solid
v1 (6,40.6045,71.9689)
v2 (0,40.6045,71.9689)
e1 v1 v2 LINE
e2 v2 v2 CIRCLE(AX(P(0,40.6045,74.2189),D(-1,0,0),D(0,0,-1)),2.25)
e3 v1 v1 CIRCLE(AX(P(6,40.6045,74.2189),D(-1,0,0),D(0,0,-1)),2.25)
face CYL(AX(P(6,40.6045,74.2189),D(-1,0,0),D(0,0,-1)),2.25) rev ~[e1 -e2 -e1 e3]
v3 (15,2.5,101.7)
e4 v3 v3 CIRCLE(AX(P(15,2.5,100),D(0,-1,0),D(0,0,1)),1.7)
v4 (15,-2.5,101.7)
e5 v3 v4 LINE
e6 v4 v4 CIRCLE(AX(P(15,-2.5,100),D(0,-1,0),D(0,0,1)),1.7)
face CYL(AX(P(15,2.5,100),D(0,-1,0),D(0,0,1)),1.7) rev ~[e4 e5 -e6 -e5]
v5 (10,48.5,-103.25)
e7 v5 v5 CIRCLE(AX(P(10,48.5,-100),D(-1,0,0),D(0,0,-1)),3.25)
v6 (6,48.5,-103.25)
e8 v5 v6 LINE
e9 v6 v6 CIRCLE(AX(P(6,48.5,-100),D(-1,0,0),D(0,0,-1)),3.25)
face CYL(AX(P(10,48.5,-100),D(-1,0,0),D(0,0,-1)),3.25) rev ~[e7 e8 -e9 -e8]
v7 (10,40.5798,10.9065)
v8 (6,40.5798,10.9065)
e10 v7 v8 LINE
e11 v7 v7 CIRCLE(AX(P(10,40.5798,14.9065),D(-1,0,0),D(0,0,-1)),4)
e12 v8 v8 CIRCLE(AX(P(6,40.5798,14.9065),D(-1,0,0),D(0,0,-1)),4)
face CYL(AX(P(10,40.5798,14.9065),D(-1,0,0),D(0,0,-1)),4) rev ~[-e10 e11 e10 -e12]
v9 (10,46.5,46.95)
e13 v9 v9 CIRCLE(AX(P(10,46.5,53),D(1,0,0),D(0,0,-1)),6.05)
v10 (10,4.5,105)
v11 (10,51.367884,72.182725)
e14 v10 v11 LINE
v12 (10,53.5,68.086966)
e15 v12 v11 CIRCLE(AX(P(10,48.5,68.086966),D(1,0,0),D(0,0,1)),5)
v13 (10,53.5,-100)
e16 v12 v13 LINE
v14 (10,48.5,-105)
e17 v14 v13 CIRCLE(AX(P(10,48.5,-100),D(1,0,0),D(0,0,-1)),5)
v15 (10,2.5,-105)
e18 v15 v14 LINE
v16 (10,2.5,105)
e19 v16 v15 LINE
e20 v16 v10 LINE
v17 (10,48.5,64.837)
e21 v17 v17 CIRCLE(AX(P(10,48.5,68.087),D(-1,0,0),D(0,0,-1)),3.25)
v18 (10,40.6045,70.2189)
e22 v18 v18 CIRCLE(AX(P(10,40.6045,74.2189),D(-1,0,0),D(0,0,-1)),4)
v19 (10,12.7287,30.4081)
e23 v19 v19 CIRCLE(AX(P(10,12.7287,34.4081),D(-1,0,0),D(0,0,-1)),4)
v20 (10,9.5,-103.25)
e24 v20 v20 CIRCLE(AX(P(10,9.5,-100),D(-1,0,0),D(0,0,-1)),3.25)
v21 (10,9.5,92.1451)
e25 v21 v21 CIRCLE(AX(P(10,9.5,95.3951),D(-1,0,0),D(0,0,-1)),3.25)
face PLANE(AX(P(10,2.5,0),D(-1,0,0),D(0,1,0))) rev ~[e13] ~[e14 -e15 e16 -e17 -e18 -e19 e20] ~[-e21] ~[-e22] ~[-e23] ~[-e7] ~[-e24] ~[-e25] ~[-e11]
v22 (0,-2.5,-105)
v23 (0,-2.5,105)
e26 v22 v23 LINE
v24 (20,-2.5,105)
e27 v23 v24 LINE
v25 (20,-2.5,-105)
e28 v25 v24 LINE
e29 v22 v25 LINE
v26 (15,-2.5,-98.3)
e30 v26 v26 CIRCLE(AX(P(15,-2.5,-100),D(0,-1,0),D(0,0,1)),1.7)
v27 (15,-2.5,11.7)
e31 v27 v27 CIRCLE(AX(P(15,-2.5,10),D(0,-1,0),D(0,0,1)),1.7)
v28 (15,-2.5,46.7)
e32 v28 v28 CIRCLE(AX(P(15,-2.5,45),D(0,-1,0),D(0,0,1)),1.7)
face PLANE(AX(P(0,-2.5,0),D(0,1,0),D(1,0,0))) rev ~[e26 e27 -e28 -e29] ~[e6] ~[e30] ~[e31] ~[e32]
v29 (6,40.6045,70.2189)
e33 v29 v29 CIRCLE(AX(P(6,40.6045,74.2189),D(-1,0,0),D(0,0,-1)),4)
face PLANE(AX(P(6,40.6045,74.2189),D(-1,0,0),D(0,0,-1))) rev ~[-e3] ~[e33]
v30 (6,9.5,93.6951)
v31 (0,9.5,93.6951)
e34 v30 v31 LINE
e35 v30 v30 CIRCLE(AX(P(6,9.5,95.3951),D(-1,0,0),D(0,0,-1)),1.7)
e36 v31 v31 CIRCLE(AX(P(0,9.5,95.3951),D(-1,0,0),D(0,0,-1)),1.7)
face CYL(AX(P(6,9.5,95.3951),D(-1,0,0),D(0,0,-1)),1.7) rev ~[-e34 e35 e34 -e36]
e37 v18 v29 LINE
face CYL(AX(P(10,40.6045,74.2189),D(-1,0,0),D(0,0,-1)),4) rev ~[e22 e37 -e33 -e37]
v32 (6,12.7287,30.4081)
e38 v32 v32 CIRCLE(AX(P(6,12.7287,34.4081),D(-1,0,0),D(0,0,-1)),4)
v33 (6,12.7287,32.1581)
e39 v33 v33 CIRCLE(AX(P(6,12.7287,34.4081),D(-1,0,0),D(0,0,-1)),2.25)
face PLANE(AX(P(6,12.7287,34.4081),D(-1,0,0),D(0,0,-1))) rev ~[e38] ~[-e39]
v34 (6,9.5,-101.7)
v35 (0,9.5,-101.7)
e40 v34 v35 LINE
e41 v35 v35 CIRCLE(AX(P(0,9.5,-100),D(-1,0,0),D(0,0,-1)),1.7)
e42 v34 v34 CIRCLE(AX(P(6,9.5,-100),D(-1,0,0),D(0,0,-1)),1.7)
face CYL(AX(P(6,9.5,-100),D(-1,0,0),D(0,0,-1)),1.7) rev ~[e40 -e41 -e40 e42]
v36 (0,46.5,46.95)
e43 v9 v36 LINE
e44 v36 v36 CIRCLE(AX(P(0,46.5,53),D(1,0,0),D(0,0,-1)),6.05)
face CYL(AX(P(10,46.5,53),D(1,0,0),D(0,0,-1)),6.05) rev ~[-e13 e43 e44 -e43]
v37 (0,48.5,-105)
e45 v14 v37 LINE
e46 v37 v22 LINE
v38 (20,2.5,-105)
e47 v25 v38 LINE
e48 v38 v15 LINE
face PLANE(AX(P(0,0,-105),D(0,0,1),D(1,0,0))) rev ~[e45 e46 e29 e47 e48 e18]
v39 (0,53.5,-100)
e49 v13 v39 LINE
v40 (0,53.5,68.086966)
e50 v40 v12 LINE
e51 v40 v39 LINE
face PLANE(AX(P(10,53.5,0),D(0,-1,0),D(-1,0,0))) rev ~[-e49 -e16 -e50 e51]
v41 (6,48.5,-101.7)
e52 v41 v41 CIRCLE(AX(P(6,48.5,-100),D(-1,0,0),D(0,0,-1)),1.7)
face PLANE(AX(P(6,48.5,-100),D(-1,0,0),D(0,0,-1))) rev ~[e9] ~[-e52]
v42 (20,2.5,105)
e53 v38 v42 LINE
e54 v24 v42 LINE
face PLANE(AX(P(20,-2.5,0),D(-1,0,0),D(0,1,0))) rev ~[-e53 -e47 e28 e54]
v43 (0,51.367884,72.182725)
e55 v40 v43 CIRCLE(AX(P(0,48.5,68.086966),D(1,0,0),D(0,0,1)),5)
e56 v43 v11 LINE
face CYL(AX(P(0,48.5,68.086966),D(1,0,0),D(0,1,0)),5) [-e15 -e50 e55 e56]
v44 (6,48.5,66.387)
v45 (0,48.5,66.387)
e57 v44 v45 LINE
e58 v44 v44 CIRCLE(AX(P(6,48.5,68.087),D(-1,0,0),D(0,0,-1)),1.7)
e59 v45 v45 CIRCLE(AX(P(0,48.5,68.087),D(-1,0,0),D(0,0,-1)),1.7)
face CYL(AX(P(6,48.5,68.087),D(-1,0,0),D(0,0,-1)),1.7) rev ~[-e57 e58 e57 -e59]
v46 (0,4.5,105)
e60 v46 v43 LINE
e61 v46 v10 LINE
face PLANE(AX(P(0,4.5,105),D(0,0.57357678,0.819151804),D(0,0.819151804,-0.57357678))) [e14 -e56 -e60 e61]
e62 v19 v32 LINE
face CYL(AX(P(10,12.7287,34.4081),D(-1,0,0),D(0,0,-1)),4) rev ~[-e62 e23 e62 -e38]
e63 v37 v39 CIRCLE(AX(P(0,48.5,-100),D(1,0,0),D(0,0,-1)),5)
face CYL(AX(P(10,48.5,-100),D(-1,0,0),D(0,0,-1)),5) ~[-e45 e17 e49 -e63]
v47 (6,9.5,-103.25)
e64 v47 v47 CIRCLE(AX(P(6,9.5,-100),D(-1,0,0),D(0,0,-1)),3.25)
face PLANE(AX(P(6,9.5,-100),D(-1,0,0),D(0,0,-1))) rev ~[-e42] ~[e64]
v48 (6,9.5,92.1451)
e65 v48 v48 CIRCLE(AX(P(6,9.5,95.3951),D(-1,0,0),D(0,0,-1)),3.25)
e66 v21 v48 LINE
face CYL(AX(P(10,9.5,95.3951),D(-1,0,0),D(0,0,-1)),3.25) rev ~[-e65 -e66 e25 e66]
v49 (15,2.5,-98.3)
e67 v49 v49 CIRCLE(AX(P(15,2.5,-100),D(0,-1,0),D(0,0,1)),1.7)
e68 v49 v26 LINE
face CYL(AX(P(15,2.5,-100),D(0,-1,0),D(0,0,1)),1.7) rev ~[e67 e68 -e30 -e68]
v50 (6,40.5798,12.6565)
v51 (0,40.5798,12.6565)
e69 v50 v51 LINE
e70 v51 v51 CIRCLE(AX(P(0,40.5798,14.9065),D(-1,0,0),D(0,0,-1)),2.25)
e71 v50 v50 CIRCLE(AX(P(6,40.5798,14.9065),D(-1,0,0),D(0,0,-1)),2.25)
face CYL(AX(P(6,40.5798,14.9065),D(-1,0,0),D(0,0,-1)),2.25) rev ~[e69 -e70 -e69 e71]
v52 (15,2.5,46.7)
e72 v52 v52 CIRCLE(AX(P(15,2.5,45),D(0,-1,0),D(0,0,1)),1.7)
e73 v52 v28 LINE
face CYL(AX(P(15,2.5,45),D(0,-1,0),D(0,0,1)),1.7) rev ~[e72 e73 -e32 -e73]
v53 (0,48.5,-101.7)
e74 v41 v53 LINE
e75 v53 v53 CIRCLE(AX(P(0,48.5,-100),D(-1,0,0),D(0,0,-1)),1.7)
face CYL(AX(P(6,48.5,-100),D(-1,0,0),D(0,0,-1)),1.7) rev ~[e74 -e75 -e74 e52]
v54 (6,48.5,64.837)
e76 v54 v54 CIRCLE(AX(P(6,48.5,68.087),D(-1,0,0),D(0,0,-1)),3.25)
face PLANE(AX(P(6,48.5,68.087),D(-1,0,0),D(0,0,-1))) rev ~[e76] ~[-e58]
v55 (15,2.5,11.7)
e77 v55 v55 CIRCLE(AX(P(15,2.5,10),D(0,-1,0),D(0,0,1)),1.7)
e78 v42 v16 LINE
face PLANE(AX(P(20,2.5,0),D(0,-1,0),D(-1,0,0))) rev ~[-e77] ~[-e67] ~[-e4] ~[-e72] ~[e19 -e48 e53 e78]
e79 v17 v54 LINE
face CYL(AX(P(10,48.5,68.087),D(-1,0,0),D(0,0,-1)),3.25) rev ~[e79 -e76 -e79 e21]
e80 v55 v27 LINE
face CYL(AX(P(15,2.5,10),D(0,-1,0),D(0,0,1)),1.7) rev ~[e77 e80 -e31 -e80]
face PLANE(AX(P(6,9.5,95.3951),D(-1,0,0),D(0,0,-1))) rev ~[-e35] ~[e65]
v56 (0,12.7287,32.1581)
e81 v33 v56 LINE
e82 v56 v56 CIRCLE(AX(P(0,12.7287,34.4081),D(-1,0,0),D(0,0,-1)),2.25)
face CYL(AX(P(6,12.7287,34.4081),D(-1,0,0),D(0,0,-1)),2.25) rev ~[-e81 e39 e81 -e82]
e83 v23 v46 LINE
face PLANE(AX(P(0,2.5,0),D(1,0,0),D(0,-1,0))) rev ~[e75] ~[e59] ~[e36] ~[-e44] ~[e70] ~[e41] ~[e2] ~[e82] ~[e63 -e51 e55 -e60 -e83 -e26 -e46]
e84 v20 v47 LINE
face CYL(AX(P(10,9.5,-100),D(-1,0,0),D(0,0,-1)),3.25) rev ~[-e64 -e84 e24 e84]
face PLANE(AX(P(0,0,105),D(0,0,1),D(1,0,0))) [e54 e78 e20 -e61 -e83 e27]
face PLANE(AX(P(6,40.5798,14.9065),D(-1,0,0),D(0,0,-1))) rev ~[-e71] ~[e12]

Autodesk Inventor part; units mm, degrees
ref_plane "YZ Plane" through (0, 0, 0) normal (1, 0, 0) x (0, 1, 0)
ref_plane "XZ Plane" through (0, 0, 0) normal (0, 1, 0) x (-1, 0, 0)
ref_plane "XY Plane" through (0, 0, 0) normal (0, 0, 1) x (1, 0, 0)
sketch "スケッチ1" plane through (0, 0, 0) normal (0, 0, 1) x (1, 0, 0)
  line L0 (-20, -2.5) -> (20, -2.5)
  line L1 (20, -2.5) -> (20, 2.5)
  line L2 (-20, 2.5) -> (-20, -2.5)
  line L3 (-20, -2.5) -> (20, 2.5) construction
  line L4 (20, -2.5) -> (-20, 2.5) construction
  line L5 (-10, 2.5) -> (10, 2.5)
  line L6 (10, 2.5) -> (10, 53.5)
  line L7 (10, 53.5) -> (-10, 53.5)
  line L8 (-10, 53.5) -> (-10, 2.5)
  line L9 (-10, 2.5) -> (10, 53.5) construction
  line L10 (10, 2.5) -> (-10, 53.5) construction
  line L11 (20, 2.5) -> (10, 2.5)
  line L12 (-10, 2.5) -> (-20, 2.5)
  line L13 (0, 53.5) -> (0, -2.5)
  point P0 (0, 0)
  point P1 (0, 28)
  point P2 (0, 28)
  point P3 (0, 0)
  dimension "d0" = 20
  dimension "d1" = 51
  dimension "d2" = 5
  dimension "d3" = 10
extrude "押し出し1" add sketch "スケッチ1" along normal mid plane 210 contours L13 L5 L11 L1 L0 | L13 L7 L6 L5
sketch "スケッチ4" plane through (0, -2.5, 105) normal (-1, 0, 0) x (0, 0, 1)
  line L0 (0, 7) -> (-34.3102, 56)
  line L1 (-210, 56) -> (0, 56) projected
  line L2 (0, 56) -> (0, 0) projected
  line L3 (0, 5) -> (-210, 5) projected
  point P0 (-105, 2.5)
  dimension "d18" = 35
  dimension "d21" = 2
extrude "押し出し3" cut sketch "スケッチ4" against normal through all
sketch "スケッチ5" plane through (10, 2.5, -105) normal (1, 0, 0) x (0, 0, -1)
  circle A0 centre (-158, 44) radius 6.05
  line L0 (0, 0) -> (-210, 0) projected
  line L1 (-210, 0) -> (-210, 2) projected
  point P0 (-105, -2.5)
  dimension "d22" = 12.1
  dimension "d23" = 44
  dimension "d37" = 52
extrude "押し出し4" cut sketch "スケッチ5" against normal blind 10
sketch "スケッチ6" plane through (10, 2.5, 105) normal (0, 1, 0) x (1, 0, 0)
  line L0 (10, 210) -> (10, 0) projected
  line L1 (10, 0) -> (0, 0) projected
  line L2 (0, 210) -> (10, 210) projected
  point P0 (-10, 105)
  point P1 (5, 205)
  point P2 (5, 5)
  point P3 (5, 60)
  point P4 (5, 95)
  dimension "d27" = 5
  dimension "d28" = 5
  dimension "d29" = 5
  dimension "d50" = 35
  dimension "d51" = 55
hole "穴2" at (15, 2.5, -100) at (15, 2.5, 100) at (15, 2.5, 45) at (15, 2.5, 10) direction (0, -1, 0) diameter 3.4 end through all clearance for "Socket Head Cap Screw" size "M3" standard "Ansi Metric M Profile"
sketch "スケッチ9" plane through (10, -2.5, -105) normal (-1, 0, 0) x (0, 0, 1)
  circle A0 centre (158, 49) radius 6.05 projected
  line L0 (139.4081, 15.2287) -> (179.2189, 43.1045)
  line L1 (179.2189, 43.1045) -> (159.7173, 70.9557)
  line L2 (159.7173, 70.9557) -> (119.9065, 43.0798)
  line L3 (119.9065, 43.0798) -> (139.4081, 15.2287)
  line L4 (139.4081, 15.2287) -> (159.7173, 70.9557) construction
  line L5 (179.2189, 43.1045) -> (119.9065, 43.0798) construction
  line L6 (210, 7) -> (175.6898, 56) projected
  line L7 (158, 49) -> (149.5627, 43.0922) construction
  point P0 (157.2238, 55)
  point P1 (158.7762, 55)
  dimension "d123" = 48.6
  dimension "d124" = 34
  dimension "d125" = 14
hole "穴6" at (10, 40.5798, 14.9065) at (10, 12.7287, 34.4081) at (10, 40.6045, 74.2189) direction (-1, 0, 0) diameter 4.5 end through all counterbore diameter 8 counterbore depth 4 clearance for "Socket Head Cap Screw" size "M4" standard "Ansi Metric M Profile"
sketch "スケッチ14" plane through (10, 2.5, -105) normal (1, 0, 0) x (0, 0, -1)
  line L0 (0, 51) -> (0, 0) projected
  line L1 (0, 51) -> (-175.6898, 51) projected
  line L2 (0, 0) -> (-210, 0) projected
  line L3 (-175.6898, 51) -> (-210, 2) projected
  point P0 (-105, -2.5)
  point P1 (-173.087, 46)
  point P2 (-200.3951, 7)
  point P3 (-5, 46)
  point P4 (-5, 7)
  dimension "d126" = 5
  dimension "d127" = 5
  dimension "d128" = 7
  dimension "d129" = 5
  dimension "d130" = 5
hole "穴9" at (10, 48.5, 68.087) at (10, 9.5, 95.3951) at (10, 48.5, -100) at (10, 9.5, -100) direction (-1, 0, 0) diameter 3.4 end through all counterbore diameter 6.5 counterbore depth 4 clearance for "Socket Head Cap Screw" size "M3" standard "Ansi Metric M Profile"
fillet "フィレット1" radius 5 2 edges at (5, 53.5, -105) (5, 53.5, 70.6898)
equation "\"d127\" = d126"
equation "\"d129\" = d127"
equation "\"d130\" = d126"
properties part number "s_base4" material "ABS プラスチック"
